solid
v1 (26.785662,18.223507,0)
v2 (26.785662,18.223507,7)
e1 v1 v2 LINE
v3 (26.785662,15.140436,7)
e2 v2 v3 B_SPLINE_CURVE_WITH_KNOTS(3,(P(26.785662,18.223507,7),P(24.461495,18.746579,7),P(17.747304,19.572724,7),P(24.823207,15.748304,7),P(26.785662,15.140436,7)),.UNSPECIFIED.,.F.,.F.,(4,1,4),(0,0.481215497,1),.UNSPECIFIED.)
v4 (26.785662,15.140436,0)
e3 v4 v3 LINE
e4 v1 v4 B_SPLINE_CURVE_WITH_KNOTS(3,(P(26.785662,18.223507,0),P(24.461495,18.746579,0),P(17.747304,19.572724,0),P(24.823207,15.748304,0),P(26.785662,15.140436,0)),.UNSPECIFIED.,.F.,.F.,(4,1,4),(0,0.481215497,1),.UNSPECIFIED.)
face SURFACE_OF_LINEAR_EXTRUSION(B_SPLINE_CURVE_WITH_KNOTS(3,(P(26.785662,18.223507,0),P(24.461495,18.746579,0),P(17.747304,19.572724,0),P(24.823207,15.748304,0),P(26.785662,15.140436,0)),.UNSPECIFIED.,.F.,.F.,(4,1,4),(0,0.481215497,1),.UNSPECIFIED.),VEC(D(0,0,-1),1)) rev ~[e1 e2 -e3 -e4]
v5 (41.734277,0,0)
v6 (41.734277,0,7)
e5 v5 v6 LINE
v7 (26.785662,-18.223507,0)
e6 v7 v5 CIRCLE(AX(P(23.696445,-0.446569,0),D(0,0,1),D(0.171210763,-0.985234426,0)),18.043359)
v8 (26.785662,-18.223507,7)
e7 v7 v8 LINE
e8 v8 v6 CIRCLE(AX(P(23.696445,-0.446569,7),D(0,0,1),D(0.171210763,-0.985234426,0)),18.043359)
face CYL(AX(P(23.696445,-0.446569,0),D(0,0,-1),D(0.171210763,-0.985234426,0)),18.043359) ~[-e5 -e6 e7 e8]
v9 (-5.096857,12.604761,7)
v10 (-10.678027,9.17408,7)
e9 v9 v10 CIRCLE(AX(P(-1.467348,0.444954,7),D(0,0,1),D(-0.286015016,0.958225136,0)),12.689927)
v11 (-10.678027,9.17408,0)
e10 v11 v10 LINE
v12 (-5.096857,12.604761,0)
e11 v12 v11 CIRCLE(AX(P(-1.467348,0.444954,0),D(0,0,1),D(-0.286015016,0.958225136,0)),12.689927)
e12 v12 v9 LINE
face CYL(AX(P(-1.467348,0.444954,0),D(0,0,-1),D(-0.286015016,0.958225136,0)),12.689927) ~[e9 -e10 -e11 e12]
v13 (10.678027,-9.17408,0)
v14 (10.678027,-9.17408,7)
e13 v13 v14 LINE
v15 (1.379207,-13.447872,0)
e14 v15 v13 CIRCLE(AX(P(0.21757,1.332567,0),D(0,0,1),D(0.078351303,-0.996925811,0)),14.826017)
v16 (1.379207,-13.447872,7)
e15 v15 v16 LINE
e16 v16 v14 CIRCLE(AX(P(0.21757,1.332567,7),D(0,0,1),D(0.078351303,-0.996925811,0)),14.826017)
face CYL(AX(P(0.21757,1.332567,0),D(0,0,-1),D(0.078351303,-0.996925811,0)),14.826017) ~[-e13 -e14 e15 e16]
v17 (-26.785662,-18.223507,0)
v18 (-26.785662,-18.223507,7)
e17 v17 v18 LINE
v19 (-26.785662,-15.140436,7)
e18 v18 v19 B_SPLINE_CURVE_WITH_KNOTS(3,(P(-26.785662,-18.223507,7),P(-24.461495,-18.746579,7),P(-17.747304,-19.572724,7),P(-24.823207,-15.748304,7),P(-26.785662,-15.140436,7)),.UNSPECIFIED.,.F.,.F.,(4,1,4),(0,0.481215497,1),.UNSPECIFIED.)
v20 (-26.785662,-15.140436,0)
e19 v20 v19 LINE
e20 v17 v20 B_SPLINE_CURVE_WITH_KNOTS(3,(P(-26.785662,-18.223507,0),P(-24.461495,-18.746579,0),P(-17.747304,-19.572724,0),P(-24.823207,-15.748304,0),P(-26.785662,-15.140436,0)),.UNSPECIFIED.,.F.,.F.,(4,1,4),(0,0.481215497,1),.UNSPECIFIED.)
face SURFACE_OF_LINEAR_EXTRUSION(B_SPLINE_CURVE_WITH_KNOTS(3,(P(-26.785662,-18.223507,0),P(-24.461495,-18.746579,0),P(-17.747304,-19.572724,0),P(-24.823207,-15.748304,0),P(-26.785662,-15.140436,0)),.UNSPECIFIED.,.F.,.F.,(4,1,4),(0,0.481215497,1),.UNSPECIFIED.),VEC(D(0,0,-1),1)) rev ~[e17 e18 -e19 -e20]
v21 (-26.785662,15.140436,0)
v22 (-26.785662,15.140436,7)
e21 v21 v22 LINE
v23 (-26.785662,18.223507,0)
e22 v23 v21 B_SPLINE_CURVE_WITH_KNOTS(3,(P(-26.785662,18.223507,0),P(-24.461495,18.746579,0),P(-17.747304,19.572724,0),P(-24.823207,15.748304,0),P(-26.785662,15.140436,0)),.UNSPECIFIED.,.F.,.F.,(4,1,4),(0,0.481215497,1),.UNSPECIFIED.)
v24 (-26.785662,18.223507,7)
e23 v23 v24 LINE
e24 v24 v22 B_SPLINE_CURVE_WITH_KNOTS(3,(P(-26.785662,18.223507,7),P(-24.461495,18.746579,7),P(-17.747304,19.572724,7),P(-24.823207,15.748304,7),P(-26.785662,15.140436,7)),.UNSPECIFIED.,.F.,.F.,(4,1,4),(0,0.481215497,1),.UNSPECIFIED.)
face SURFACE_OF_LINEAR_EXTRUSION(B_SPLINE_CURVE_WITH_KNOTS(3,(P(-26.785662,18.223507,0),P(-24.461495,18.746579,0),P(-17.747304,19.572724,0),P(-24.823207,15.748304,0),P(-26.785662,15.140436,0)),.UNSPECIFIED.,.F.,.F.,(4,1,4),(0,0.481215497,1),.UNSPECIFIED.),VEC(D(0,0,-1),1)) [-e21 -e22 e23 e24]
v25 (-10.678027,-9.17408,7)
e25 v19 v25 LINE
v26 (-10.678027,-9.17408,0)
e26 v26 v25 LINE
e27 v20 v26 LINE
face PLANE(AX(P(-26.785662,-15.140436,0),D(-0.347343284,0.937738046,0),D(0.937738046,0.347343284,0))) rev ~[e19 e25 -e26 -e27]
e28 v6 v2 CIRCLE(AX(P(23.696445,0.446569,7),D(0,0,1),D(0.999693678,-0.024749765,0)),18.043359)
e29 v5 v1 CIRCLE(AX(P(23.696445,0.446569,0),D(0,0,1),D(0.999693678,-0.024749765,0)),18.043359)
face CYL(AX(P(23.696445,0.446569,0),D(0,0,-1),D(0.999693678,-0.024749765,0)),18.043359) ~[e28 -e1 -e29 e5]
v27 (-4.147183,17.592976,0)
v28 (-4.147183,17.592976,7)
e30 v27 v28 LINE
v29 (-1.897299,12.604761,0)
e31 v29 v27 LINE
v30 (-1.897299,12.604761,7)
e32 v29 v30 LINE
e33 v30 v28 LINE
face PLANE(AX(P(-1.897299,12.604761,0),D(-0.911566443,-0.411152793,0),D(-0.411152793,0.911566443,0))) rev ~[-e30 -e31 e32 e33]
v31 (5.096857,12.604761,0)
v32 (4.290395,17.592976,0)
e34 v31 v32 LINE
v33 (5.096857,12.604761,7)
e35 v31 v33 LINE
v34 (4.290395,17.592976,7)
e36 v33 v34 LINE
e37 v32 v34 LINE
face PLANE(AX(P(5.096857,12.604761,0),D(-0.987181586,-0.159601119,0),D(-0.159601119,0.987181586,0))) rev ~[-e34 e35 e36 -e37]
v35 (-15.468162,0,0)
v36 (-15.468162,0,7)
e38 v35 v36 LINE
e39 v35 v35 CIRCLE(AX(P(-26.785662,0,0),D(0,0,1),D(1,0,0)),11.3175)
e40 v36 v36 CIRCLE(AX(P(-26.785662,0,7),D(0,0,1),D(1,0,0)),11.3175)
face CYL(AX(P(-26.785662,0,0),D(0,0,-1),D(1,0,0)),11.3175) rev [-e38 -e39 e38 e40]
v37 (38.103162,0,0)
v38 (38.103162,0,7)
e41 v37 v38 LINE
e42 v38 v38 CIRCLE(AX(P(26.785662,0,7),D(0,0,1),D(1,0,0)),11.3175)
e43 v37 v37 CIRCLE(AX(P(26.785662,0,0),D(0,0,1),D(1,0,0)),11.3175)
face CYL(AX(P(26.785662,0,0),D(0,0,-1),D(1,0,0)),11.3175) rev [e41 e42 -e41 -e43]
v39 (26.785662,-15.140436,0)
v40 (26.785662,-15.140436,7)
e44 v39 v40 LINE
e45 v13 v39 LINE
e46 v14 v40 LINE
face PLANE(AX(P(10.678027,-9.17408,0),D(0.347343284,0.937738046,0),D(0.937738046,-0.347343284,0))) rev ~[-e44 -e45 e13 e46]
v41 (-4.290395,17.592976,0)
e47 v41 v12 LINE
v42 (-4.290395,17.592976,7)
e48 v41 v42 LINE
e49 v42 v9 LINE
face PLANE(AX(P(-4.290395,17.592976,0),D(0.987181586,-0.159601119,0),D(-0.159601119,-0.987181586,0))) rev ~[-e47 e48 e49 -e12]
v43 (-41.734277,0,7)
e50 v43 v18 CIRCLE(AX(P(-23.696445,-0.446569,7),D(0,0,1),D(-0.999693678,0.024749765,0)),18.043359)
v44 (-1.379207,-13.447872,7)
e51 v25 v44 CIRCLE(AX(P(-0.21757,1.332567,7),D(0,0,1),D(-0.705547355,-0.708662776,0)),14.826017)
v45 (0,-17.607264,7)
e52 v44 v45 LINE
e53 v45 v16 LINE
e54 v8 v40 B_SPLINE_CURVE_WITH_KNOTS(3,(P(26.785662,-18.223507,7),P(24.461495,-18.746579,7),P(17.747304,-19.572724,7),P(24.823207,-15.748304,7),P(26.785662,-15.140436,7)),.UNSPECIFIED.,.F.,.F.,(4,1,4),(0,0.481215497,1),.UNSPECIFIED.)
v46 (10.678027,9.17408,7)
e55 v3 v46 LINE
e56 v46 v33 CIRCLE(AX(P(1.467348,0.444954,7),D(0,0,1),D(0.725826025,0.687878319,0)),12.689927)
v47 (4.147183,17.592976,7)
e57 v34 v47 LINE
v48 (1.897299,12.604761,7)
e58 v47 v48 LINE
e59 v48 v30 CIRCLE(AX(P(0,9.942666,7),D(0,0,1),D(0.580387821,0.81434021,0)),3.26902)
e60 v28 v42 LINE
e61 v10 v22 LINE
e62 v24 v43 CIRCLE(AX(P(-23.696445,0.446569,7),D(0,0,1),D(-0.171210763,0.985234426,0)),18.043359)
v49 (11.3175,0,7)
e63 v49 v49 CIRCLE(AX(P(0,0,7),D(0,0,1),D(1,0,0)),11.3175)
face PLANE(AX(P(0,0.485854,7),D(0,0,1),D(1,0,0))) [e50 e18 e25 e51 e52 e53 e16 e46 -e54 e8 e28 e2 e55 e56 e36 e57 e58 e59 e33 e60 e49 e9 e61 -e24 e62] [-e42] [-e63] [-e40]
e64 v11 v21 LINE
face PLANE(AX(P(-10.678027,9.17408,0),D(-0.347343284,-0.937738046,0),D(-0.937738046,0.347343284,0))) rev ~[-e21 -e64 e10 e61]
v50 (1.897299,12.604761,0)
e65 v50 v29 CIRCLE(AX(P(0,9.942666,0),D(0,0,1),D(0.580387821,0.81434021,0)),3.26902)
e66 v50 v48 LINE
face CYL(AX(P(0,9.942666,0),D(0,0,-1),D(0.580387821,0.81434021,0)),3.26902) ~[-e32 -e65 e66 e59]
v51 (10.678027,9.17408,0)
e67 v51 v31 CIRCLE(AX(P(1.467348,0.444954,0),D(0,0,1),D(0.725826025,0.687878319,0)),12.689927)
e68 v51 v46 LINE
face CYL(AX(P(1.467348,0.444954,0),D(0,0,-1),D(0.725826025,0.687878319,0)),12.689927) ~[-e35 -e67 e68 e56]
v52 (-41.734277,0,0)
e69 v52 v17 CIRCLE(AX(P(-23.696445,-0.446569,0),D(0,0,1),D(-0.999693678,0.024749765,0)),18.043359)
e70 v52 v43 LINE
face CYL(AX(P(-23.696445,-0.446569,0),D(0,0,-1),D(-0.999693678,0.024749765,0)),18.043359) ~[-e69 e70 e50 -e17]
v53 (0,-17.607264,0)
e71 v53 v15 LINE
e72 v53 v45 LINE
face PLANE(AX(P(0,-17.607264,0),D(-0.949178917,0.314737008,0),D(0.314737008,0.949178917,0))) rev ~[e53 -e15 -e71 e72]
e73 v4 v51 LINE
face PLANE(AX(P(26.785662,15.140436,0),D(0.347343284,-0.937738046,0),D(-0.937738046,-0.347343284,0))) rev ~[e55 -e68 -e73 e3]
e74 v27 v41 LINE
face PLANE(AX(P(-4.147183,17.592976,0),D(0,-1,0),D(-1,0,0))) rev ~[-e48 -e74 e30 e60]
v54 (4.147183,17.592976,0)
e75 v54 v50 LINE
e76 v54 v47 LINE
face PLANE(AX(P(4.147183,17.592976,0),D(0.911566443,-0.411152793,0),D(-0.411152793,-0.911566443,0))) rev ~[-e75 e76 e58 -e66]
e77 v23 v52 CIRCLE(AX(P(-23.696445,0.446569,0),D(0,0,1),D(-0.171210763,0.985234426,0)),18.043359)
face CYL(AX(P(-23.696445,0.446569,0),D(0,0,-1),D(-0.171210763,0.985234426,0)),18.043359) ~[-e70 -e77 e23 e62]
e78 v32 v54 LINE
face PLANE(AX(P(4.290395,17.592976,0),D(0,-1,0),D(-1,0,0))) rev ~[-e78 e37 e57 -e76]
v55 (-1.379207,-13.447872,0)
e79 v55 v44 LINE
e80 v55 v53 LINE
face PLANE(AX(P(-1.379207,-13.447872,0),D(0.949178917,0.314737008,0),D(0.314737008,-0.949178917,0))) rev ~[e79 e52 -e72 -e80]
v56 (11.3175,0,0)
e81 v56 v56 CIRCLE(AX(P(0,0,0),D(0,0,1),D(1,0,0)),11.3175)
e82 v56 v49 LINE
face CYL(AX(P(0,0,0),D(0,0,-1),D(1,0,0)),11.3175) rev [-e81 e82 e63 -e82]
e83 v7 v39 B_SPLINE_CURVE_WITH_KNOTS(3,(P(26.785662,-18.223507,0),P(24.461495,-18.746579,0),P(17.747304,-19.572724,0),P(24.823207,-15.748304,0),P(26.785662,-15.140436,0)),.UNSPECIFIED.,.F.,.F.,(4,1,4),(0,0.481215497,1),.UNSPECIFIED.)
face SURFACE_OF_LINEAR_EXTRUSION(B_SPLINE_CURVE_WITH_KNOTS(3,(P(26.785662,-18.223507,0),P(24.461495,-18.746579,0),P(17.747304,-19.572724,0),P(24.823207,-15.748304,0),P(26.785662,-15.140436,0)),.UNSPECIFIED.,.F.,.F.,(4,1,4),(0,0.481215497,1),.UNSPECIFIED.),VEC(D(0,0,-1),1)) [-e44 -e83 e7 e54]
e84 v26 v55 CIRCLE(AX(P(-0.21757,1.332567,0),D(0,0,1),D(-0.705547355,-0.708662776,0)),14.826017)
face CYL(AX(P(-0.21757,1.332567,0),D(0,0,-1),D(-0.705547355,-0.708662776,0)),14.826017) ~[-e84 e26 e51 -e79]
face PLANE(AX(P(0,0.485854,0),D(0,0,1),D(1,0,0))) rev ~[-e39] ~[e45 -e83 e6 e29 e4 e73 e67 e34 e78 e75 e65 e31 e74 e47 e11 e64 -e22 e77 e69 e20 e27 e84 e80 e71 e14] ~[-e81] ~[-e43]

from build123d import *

# Parameters (mm, degrees)
F0_R     = 11.3175
F1_DEPTH = 7


with BuildPart() as f1:
    # F0 (on Top) → F1 (new body)
    with BuildSketch(Plane.XY):
        with BuildLine():
            Line((-4.290395086, 17.5929758698), (-5.0968573363, 12.6047609374))
            ThreePointArc((-5.0968573363, 12.6047609374), (-8.1126471986, 11.2557929743), (-10.6780268252, 9.1740796342))
            Line((-10.6780268252, 9.1740796342), (-26.7856623977, 15.1404356584))
            add(Edge.make_bspline(
                [(-26.7856623977, 18.2235073298), (-24.4614947587, 18.7465790659), (-17.7473041348, 19.5727238501), (-24.8232074873, 15.7483036), (-26.7856623977, 15.1404356584)],
                knots=[0, 0, 0, 0, 0.4812154975, 1, 1, 1, 1], degree=3))
            ThreePointArc((-26.7856623977, 18.2235073298), (-37.6467894522, 11.8899380245), (-41.7342770438, 0))
            ThreePointArc((-41.7342770438, 0), (-37.6467894522, -11.8899380245), (-26.7856623977, -18.2235073298))
            add(Edge.make_bspline(
                [(-26.7856623977, -18.2235073298), (-24.4614947587, -18.7465790659), (-17.7473041348, -19.5727238501), (-24.8232074873, -15.7483036), (-26.7856623977, -15.1404356584)],
                knots=[0, 0, 0, 0, 0.4812154975, 1, 1, 1, 1], degree=3))
            Line((-26.7856623977, -15.1404356584), (-10.6780268252, -9.1740796342))
            ThreePointArc((-10.6780268252, -9.1740796342), (-6.4090636856, -12.1387429064), (-1.3792073587, -13.447872363))
            Line((-1.3792073587, -13.447872363), (0, -17.6072642207))
            Line((0, -17.6072642207), (1.3792073587, -13.447872363))
            ThreePointArc((1.3792073587, -13.447872363), (6.4090636856, -12.1387429064), (10.6780268252, -9.1740796342))
            Line((10.6780268252, -9.1740796342), (26.7856623977, -15.1404356584))
            add(Edge.make_bspline(
                [(26.7856623977, -18.2235073298), (24.4614947587, -18.7465790659), (17.7473041348, -19.5727238501), (24.8232074873, -15.7483036), (26.7856623977, -15.1404356584)],
                knots=[0, 0, 0, 0, 0.4812154975, 1, 1, 1, 1], degree=3))
            ThreePointArc((26.7856623977, -18.2235073298), (37.6467894522, -11.8899380245), (41.7342770438, 0))
            ThreePointArc((41.7342770438, 0), (37.6467894522, 11.8899380245), (26.7856623977, 18.2235073298))
            add(Edge.make_bspline(
                [(26.7856623977, 18.2235073298), (24.4614947587, 18.7465790659), (17.7473041348, 19.5727238501), (24.8232074873, 15.7483036), (26.7856623977, 15.1404356584)],
                knots=[0, 0, 0, 0, 0.4812154975, 1, 1, 1, 1], degree=3))
            Line((26.7856623977, 15.1404356584), (10.6780268252, 9.1740796342))
            ThreePointArc((10.6780268252, 9.1740796342), (8.1126471986, 11.2557929743), (5.0968573363, 12.6047609374))
            Line((5.0968573363, 12.6047609374), (4.290395086, 17.5929758698))
            Line((4.290395086, 17.5929758698), (4.1471831501, 17.5929758698))
            Line((4.1471831501, 17.5929758698), (1.8972994294, 12.6047609374))
            ThreePointArc((1.8972994294, 12.6047609374), (0, 13.2116865157), (-1.8972994294, 12.6047609374))
            Line((-1.8972994294, 12.6047609374), (-4.1471831501, 17.5929758698))
            Line((-4.1471831501, 17.5929758698), (-4.290395086, 17.5929758698))
        make_face()
        with Locations((-26.7856623977, 0)):
            Circle(F0_R, mode=Mode.SUBTRACT)
        Circle(F0_R, mode=Mode.SUBTRACT)
        with Locations((26.7856623977, 0)):
            Circle(F0_R, mode=Mode.SUBTRACT)
    extrude(amount=F1_DEPTH)


solid = f1.part
